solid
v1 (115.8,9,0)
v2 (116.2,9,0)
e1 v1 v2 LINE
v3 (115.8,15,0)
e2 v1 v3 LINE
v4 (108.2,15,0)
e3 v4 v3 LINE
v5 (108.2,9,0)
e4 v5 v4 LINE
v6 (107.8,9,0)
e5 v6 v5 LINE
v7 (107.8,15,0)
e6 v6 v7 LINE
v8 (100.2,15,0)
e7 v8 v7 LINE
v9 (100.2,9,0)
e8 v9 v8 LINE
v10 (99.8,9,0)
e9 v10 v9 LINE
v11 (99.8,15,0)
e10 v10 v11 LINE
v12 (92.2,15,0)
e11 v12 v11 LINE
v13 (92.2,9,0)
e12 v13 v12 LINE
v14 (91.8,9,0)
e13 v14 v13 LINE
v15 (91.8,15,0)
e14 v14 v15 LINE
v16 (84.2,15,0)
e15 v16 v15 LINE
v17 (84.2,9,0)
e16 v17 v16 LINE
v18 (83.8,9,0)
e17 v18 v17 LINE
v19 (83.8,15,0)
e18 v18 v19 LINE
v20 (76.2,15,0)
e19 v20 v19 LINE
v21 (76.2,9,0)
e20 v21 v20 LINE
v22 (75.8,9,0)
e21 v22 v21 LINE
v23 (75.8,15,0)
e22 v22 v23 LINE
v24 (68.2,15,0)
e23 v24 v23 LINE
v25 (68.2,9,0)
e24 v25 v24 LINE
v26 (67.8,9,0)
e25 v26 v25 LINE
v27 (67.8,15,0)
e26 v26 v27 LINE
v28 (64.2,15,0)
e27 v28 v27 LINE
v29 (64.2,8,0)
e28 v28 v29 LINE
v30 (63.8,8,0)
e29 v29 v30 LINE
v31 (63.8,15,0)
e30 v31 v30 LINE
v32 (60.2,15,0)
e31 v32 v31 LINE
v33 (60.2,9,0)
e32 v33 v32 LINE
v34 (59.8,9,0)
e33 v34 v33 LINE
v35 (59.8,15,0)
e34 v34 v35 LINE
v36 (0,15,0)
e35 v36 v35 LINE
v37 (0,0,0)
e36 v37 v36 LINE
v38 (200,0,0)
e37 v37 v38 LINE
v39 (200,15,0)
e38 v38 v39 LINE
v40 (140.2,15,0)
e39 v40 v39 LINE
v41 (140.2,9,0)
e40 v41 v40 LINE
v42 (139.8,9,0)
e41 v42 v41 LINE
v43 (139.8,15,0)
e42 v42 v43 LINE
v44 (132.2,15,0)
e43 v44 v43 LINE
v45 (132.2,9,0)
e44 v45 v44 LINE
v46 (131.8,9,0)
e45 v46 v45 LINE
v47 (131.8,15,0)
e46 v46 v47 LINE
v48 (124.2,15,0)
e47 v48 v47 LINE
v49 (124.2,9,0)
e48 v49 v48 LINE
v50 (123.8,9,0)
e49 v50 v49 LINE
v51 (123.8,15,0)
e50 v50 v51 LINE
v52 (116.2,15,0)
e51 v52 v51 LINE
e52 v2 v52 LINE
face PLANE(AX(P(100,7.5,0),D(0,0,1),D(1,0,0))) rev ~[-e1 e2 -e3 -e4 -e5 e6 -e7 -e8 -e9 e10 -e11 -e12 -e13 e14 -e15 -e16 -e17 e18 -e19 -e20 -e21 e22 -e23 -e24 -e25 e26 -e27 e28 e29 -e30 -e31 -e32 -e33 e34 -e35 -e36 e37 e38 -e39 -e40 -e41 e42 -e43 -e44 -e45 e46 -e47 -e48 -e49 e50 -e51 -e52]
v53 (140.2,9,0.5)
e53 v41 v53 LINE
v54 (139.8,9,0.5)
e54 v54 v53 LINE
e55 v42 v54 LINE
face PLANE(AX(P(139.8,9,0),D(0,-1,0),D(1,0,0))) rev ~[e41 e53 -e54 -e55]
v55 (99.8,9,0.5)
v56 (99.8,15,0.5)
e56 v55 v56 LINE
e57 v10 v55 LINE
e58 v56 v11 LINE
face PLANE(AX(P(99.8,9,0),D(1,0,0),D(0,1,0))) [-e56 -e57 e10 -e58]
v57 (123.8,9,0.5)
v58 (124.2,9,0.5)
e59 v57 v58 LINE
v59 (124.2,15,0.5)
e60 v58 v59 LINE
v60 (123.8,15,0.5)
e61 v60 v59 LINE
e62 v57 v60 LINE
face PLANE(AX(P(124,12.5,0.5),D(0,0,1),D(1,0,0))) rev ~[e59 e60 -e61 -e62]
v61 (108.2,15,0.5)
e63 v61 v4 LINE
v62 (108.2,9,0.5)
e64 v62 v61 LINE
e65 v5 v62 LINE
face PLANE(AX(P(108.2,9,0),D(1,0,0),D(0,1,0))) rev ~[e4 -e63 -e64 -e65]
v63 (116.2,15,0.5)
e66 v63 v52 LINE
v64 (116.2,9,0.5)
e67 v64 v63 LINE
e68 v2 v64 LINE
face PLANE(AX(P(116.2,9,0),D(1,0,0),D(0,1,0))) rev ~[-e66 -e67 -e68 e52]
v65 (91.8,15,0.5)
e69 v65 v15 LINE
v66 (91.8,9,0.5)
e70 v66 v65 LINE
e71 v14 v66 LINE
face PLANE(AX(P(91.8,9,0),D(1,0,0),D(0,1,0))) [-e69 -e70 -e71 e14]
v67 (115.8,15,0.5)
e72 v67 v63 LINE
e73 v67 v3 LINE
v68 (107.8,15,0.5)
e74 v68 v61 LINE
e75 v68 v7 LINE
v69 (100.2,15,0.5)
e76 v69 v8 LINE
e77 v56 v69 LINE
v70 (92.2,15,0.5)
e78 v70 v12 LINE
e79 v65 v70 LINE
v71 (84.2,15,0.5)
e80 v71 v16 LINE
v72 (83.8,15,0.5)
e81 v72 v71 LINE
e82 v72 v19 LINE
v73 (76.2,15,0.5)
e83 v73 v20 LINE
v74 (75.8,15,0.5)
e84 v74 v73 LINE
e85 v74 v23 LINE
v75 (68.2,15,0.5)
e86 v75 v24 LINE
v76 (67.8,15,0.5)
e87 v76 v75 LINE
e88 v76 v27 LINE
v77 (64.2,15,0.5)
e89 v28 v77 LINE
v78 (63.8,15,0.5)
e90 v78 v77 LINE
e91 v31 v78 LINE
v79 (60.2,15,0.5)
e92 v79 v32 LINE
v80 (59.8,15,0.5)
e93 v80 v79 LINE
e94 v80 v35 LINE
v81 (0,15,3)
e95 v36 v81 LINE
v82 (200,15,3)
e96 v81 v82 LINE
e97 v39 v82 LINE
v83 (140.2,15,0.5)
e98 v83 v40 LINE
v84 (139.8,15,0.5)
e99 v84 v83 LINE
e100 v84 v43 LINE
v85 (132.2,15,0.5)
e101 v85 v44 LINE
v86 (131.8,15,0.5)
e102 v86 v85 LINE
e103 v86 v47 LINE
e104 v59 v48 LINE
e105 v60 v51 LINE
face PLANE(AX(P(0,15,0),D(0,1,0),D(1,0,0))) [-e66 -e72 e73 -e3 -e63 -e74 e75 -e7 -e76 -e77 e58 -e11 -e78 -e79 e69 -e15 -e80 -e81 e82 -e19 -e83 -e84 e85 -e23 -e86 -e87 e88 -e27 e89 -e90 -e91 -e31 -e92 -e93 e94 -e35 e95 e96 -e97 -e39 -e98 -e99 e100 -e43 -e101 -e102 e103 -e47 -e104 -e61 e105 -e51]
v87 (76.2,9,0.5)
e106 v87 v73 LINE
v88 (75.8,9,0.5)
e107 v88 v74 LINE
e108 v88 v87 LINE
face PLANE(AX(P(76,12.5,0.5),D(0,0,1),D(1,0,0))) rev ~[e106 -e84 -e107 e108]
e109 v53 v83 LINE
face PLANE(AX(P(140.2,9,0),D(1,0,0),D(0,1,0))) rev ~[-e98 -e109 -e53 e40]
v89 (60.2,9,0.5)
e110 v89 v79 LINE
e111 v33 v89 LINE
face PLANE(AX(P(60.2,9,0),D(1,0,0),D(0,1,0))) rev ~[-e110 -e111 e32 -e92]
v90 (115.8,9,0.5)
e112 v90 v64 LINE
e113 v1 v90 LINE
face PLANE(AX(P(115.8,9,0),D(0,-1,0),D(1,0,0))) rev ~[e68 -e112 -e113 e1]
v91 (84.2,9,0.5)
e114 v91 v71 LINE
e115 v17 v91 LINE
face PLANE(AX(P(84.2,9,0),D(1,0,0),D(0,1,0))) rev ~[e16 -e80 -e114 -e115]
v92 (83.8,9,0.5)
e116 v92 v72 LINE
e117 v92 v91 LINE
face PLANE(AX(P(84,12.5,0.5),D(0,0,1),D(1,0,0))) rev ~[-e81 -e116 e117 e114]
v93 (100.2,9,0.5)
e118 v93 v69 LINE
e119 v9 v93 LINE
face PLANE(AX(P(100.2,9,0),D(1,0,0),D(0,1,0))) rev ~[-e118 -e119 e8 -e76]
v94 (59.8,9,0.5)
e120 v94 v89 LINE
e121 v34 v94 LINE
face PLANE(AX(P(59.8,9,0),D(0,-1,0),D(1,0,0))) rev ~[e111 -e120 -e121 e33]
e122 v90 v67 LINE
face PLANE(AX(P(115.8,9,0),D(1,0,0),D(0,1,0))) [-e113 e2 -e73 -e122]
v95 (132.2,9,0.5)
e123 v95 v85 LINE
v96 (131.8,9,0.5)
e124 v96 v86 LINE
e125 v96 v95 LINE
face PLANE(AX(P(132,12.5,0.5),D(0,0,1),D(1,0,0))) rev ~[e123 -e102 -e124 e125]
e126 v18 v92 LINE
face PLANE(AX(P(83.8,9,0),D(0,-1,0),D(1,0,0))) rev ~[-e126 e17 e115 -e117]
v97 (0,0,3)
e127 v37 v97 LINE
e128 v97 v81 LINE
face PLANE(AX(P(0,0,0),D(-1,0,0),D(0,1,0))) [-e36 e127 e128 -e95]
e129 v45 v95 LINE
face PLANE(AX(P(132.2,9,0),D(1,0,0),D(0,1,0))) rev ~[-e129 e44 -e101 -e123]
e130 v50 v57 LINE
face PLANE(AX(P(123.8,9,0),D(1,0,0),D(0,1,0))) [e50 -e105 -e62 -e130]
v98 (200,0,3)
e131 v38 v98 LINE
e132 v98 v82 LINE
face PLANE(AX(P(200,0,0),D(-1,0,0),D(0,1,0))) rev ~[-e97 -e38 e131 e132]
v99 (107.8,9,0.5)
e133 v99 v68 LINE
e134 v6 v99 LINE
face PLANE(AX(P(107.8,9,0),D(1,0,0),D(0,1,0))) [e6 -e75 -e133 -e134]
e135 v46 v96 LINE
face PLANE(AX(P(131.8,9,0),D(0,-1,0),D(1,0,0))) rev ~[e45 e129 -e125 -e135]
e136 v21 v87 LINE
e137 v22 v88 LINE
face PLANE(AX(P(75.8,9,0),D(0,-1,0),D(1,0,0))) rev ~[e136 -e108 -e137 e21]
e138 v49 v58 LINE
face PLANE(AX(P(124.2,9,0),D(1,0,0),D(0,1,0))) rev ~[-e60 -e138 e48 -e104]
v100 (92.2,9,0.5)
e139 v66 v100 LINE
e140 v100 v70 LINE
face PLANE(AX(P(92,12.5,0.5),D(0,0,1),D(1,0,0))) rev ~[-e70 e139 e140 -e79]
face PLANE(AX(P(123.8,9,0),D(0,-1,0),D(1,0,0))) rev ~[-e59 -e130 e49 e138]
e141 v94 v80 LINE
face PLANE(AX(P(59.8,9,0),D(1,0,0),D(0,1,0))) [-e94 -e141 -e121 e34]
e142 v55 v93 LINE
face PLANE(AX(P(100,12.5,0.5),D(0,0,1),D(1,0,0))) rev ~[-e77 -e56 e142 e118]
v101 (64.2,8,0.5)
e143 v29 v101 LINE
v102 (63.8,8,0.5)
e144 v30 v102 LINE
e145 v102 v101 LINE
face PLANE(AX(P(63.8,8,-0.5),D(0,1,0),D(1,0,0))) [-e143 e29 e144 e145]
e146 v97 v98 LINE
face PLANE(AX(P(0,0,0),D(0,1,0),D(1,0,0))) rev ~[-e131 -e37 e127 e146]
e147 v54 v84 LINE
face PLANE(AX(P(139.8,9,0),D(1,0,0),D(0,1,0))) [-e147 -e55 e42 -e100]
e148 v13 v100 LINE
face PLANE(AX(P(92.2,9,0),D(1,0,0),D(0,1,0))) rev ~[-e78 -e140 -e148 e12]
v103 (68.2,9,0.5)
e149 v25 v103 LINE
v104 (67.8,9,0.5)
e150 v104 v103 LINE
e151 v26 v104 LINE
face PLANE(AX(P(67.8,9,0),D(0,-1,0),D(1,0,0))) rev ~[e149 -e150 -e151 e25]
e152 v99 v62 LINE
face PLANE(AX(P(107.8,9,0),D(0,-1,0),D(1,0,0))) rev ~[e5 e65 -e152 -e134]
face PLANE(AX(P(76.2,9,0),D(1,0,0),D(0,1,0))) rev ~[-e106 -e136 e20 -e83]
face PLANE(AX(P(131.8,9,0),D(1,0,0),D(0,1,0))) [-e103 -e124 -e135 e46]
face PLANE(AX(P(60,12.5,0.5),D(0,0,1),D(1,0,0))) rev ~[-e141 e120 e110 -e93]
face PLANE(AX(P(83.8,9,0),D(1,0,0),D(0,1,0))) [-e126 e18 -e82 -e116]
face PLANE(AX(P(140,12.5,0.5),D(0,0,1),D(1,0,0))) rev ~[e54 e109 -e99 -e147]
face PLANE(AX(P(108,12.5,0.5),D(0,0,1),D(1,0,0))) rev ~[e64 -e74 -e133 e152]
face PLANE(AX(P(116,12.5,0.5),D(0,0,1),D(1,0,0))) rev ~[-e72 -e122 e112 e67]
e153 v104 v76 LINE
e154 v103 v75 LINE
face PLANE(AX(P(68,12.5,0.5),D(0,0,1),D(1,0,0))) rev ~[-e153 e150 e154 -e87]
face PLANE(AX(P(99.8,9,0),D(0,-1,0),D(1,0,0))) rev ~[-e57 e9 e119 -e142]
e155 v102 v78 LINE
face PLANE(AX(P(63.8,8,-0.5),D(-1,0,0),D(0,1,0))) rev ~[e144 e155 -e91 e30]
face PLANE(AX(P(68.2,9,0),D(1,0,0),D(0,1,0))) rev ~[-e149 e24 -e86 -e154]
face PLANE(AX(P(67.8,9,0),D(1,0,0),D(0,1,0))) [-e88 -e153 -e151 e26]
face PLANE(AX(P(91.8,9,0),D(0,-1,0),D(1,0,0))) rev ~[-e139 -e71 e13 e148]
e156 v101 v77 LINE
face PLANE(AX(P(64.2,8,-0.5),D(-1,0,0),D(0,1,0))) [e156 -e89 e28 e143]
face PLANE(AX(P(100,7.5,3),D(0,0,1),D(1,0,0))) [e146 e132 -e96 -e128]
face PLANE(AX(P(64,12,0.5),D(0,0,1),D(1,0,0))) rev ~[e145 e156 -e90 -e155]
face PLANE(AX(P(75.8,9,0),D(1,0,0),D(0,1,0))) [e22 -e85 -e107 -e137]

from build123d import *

# Parameters (mm, degrees)
SKETCH1_W               = 200
SKETCH1_H               = 15
BOSS_EXTRUDE1_DEPTH     = 3
SKETCH2_W               = 0.4
SKETCH2_H               = 7
CUT_EXTRUDE2_DEPTH      = 0.5
LPATTERN1_COUNT         = 11
LPATTERN1_PITCH         = 8
CUT_EXTRUDE4_DEPTH      = 0.5
CUT_EXTRUDE4_DEPTH_BACK = 0.5
SKETCH3_W               = 0.4
SKETCH3_H               = 8


with BuildPart() as part:
    # Sketch1 → Boss-Extrude1 (new body)
    with BuildSketch(Plane.XY):
        with Locations((100, 7.5)):
            Rectangle(SKETCH1_W, SKETCH1_H)
    extrude(amount=BOSS_EXTRUDE1_DEPTH)

    # Sketch2 → Cut-Extrude2 (cut, symmetric)
    with BuildSketch(Plane.XY):
        with Locations((60, 12.5)):
            Rectangle(SKETCH2_W, SKETCH2_H)
    cut_extrude2 = extrude(amount=CUT_EXTRUDE2_DEPTH, both=True, mode=Mode.SUBTRACT)

    # LPattern1: Cut-Extrude2 ×11
    with Locations(*[(i * LPATTERN1_PITCH, 0, 0) for i in range(1, LPATTERN1_COUNT)]):
        add(cut_extrude2, mode=Mode.SUBTRACT)

    # Sketch3 → Cut-Extrude4 (cut, two sides: drawn at the far end of the back side and taken through both)
    with BuildSketch(Plane.XY.offset(-CUT_EXTRUDE4_DEPTH_BACK)):
        with Locations((64, 12)):
            Rectangle(SKETCH3_W, SKETCH3_H)
    extrude(amount=CUT_EXTRUDE4_DEPTH + CUT_EXTRUDE4_DEPTH_BACK, mode=Mode.SUBTRACT)


solid = part.part
